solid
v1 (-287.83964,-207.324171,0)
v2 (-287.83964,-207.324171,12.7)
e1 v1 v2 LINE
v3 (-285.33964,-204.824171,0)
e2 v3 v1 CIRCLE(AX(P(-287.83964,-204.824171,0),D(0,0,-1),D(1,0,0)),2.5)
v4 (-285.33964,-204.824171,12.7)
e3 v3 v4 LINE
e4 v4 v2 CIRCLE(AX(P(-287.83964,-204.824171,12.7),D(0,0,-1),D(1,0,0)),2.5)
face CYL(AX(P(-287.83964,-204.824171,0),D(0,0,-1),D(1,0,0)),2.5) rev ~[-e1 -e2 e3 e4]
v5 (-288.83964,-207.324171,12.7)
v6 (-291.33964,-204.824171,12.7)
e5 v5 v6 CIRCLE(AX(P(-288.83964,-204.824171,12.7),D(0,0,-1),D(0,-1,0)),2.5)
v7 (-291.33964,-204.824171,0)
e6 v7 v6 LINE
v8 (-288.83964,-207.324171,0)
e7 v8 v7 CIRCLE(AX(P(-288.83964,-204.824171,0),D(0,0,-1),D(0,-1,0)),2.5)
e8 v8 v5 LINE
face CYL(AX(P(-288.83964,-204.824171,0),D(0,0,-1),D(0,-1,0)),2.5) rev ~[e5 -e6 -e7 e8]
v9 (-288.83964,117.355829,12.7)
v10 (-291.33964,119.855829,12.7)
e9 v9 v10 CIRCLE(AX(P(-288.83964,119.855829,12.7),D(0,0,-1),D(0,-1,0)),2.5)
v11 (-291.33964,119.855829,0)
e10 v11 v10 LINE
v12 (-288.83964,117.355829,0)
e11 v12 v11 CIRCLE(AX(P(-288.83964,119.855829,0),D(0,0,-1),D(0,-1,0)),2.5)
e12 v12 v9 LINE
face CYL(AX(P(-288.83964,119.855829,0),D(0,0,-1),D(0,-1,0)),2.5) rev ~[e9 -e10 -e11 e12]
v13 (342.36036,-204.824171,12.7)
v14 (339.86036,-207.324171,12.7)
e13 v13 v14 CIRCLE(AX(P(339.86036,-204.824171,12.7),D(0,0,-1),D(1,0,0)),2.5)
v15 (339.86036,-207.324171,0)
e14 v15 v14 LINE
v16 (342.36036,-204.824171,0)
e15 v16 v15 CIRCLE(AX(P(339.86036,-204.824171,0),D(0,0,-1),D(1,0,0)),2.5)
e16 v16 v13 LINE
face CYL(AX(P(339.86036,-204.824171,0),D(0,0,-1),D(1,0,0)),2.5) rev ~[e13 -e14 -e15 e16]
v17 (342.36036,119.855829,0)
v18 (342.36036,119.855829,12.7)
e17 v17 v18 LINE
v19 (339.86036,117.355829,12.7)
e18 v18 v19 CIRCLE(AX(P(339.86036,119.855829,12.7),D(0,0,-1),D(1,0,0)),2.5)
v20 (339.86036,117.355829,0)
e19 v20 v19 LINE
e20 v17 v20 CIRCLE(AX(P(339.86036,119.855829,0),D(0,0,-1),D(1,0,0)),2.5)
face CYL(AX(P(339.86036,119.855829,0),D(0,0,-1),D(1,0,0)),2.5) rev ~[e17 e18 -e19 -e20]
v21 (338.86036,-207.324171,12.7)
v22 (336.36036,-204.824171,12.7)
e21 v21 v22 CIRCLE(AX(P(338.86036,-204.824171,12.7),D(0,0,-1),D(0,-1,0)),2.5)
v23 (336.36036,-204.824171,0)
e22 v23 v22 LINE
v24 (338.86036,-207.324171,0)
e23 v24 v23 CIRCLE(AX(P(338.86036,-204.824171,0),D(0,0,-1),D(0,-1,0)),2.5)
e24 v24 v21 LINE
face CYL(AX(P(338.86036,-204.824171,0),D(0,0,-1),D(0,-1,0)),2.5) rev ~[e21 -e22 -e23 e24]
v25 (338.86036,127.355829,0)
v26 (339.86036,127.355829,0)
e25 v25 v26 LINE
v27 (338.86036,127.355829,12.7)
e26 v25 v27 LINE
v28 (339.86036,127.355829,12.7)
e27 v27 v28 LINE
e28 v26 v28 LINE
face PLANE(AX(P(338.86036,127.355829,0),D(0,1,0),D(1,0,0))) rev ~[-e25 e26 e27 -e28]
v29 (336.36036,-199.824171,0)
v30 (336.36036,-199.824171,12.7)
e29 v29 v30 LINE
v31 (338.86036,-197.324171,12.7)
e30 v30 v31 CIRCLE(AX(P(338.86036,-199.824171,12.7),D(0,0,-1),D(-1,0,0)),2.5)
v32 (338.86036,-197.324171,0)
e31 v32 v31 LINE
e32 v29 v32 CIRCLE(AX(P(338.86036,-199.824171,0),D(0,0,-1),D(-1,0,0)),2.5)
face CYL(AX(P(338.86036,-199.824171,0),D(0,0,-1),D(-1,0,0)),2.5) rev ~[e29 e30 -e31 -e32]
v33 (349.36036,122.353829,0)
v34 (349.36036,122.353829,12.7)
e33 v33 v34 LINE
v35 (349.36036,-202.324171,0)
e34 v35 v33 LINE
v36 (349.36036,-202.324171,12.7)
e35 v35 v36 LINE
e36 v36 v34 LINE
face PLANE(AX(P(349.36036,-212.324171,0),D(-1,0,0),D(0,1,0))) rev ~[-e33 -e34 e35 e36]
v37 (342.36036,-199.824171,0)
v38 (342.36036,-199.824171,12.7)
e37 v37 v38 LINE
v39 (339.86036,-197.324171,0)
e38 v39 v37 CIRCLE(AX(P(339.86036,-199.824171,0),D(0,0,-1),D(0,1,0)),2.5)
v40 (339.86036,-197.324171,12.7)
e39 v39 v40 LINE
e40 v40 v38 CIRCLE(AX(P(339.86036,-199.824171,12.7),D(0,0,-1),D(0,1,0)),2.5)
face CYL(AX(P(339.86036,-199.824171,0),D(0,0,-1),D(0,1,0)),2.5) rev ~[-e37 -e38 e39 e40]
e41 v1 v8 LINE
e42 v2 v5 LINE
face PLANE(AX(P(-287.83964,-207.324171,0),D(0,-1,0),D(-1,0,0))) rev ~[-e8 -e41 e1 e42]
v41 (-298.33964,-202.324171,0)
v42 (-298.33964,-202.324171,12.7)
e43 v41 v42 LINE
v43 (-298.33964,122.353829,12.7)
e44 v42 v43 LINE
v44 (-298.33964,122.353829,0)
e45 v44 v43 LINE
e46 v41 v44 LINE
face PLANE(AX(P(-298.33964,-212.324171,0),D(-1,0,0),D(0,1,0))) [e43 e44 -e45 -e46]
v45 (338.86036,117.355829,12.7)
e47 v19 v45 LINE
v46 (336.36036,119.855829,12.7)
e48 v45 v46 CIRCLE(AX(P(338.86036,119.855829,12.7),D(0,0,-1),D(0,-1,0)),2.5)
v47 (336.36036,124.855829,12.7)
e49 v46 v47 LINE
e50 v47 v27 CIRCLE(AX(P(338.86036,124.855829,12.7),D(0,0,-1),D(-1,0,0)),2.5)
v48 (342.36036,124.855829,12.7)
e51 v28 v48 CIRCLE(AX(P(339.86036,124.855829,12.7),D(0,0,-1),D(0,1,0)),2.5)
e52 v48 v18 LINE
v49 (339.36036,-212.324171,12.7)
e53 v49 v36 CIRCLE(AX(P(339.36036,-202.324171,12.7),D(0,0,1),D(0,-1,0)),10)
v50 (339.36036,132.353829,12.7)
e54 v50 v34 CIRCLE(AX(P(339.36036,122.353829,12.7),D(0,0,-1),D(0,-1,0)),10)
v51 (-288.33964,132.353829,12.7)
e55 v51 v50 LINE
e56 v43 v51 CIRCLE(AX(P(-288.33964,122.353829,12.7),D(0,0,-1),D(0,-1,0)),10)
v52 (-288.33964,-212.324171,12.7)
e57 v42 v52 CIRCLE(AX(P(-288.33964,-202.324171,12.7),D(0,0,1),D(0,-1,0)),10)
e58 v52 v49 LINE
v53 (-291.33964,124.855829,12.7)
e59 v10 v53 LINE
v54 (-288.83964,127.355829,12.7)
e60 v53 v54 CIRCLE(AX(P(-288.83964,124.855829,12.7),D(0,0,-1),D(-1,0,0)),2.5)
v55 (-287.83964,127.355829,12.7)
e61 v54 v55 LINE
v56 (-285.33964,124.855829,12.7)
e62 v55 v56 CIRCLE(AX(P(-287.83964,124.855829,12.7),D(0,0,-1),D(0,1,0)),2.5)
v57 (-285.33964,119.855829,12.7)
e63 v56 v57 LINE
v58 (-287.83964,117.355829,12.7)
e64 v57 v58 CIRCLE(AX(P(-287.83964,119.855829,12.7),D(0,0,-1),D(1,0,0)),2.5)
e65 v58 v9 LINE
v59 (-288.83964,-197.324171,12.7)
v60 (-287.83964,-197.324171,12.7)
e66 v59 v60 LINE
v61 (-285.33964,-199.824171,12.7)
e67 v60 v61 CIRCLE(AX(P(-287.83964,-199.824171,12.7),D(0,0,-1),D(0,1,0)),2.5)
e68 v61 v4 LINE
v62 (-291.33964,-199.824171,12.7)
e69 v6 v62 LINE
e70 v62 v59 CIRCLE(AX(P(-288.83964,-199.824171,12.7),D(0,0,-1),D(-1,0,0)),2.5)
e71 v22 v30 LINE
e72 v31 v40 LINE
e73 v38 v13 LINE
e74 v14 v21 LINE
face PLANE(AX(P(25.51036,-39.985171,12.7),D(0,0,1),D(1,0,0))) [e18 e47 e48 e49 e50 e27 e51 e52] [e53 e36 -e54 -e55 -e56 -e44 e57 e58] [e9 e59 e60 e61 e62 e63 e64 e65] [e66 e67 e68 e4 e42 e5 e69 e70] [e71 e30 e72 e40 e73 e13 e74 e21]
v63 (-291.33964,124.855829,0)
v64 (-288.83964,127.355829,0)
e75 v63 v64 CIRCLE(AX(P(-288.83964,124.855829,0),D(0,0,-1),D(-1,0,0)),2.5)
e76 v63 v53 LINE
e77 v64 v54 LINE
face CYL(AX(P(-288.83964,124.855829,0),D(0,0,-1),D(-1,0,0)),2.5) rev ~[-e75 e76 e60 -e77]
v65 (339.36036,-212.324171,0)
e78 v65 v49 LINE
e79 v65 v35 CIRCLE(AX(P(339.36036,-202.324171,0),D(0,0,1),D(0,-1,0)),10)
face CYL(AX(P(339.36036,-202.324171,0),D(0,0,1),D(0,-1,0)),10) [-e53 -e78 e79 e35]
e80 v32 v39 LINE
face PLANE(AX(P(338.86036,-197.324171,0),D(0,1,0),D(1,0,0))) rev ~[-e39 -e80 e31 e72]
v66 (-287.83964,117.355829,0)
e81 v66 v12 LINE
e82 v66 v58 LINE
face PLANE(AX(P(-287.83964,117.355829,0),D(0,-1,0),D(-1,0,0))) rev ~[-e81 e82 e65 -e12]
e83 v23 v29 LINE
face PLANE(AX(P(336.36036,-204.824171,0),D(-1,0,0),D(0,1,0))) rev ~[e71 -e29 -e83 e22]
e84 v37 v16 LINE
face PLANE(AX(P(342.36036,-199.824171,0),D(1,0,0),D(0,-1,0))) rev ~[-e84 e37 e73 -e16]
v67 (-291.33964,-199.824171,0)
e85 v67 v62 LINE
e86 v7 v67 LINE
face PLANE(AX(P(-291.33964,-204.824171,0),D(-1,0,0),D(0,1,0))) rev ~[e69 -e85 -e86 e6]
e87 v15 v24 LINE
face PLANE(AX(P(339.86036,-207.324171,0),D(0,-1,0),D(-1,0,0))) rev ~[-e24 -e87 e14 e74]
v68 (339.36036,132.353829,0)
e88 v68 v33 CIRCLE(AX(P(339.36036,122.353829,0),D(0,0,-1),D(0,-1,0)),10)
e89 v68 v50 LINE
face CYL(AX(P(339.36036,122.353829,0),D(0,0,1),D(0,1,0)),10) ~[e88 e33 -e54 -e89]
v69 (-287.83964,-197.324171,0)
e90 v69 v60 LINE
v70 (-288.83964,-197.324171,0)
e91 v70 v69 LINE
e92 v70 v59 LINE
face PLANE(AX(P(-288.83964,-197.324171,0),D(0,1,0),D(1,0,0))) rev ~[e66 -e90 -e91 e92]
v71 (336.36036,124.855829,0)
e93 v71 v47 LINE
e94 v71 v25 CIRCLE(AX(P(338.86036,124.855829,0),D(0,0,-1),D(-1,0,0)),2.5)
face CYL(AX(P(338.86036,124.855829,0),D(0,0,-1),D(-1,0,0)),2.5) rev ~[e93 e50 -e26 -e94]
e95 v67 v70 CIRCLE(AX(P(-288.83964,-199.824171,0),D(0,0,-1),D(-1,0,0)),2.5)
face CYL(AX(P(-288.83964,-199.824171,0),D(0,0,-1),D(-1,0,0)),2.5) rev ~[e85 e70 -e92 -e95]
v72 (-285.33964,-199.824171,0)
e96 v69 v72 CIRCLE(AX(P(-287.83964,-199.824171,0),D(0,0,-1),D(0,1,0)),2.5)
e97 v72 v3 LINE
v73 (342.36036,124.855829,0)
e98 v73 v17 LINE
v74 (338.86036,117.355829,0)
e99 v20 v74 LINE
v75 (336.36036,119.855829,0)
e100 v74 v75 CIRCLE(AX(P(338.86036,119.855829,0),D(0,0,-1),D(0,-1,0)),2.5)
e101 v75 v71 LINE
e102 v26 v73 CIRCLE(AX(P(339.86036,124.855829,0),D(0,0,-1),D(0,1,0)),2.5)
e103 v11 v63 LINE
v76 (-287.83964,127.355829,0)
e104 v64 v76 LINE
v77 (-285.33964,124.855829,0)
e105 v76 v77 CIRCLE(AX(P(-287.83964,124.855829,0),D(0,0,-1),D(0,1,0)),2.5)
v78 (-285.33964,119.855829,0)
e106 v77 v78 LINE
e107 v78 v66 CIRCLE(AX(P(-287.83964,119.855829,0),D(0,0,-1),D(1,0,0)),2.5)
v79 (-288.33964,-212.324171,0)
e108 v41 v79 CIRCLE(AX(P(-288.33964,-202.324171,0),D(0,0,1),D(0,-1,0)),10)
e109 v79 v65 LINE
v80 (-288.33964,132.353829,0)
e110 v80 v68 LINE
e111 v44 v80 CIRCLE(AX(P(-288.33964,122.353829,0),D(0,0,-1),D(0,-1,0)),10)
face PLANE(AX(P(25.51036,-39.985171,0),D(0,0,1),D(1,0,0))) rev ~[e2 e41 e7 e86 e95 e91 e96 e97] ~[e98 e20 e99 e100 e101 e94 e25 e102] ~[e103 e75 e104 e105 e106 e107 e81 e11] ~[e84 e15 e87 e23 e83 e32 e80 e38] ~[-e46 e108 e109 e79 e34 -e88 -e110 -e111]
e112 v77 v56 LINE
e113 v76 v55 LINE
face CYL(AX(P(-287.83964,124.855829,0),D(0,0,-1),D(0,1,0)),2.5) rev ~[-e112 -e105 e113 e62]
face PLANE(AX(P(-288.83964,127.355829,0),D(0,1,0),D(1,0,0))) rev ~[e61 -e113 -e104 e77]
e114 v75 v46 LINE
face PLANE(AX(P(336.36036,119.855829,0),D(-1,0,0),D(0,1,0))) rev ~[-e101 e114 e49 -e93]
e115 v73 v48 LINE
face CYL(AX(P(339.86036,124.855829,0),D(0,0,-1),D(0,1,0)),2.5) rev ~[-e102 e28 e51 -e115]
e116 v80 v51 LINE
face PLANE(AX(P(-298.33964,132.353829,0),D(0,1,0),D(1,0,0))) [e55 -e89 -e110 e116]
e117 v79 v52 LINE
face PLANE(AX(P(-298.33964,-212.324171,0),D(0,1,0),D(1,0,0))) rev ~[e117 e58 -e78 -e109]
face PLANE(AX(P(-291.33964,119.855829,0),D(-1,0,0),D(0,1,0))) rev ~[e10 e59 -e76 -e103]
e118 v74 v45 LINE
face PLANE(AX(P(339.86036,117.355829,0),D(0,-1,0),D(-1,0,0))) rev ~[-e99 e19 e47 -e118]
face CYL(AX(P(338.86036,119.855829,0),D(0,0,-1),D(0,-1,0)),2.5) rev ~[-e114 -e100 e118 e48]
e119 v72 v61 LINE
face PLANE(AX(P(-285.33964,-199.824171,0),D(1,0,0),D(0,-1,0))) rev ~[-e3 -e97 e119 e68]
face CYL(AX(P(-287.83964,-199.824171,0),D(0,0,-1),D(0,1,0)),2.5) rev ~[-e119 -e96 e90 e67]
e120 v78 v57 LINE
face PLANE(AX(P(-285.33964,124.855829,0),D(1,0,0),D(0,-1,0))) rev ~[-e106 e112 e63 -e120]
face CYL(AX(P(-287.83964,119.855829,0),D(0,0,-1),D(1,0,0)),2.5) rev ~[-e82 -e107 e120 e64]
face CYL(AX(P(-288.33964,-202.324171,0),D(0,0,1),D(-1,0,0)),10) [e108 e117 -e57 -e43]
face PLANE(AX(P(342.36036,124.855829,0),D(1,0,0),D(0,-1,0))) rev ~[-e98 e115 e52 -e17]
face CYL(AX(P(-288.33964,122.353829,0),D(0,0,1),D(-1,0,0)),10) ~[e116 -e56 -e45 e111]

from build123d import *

# Parameters (mm, degrees)
SKETCH1_W           = 647.7
SKETCH1_H           = 344.678
BOSS_EXTRUDE1_DEPTH = 12.7
FILLET1_R           = 10
FILLET2_R           = 10


with BuildPart() as part:
    # Sketch1 → Boss-Extrude1 (new body)
    with BuildSketch(Plane.XY):
        with Locations((25.51036036, -39.985171171)):
            Rectangle(SKETCH1_W, SKETCH1_H)
        with BuildLine():
            Line((339.86036036, -207.324171171), (338.86036036, -207.324171171))
            ThreePointArc((338.86036036, -207.324171171), (337.092593407, -206.591938124), (336.36036036, -204.824171171))
            Line((336.36036036, -204.824171171), (336.36036036, -199.824171171))
            ThreePointArc((336.36036036, -199.824171171), (337.092593407, -198.056404218), (338.86036036, -197.324171171))
            Line((338.86036036, -197.324171171), (339.86036036, -197.324171171))
            ThreePointArc((339.86036036, -197.324171171), (341.628127313, -198.056404218), (342.36036036, -199.824171171))
            Line((342.36036036, -199.824171171), (342.36036036, -204.824171171))
            ThreePointArc((342.36036036, -204.824171171), (341.628127313, -206.591938124), (339.86036036, -207.324171171))
        make_face(mode=Mode.SUBTRACT)
        with BuildLine():
            Line((-287.83963964, -207.324171171), (-288.83963964, -207.324171171))
            ThreePointArc((-288.83963964, -207.324171171), (-290.607406593, -206.591938124), (-291.33963964, -204.824171171))
            Line((-291.33963964, -204.824171171), (-291.33963964, -199.824171171))
            ThreePointArc((-291.33963964, -199.824171171), (-290.607406593, -198.056404218), (-288.83963964, -197.324171171))
            Line((-288.83963964, -197.324171171), (-287.83963964, -197.324171171))
            ThreePointArc((-287.83963964, -197.324171171), (-286.071872687, -198.056404218), (-285.33963964, -199.824171171))
            Line((-285.33963964, -199.824171171), (-285.33963964, -204.824171171))
            ThreePointArc((-285.33963964, -204.824171171), (-286.071872687, -206.591938124), (-287.83963964, -207.324171171))
        make_face(mode=Mode.SUBTRACT)
        with BuildLine():
            Line((-287.83963964, 117.355828829), (-288.83963964, 117.355828829))
            ThreePointArc((-288.83963964, 117.355828829), (-290.607406593, 118.088061876), (-291.33963964, 119.855828829))
            Line((-291.33963964, 119.855828829), (-291.33963964, 124.855828829))
            ThreePointArc((-291.33963964, 124.855828829), (-290.607406593, 126.623595782), (-288.83963964, 127.355828829))
            Line((-288.83963964, 127.355828829), (-287.83963964, 127.355828829))
            ThreePointArc((-287.83963964, 127.355828829), (-286.071872687, 126.623595782), (-285.33963964, 124.855828829))
            Line((-285.33963964, 124.855828829), (-285.33963964, 119.855828829))
            ThreePointArc((-285.33963964, 119.855828829), (-286.071872687, 118.088061876), (-287.83963964, 117.355828829))
        make_face(mode=Mode.SUBTRACT)
        with BuildLine():
            Line((339.86036036, 117.355828829), (338.86036036, 117.355828829))
            ThreePointArc((338.86036036, 117.355828829), (337.092593407, 118.088061876), (336.36036036, 119.855828829))
            Line((336.36036036, 119.855828829), (336.36036036, 124.855828829))
            ThreePointArc((336.36036036, 124.855828829), (337.092593407, 126.623595782), (338.86036036, 127.355828829))
            Line((338.86036036, 127.355828829), (339.86036036, 127.355828829))
            ThreePointArc((339.86036036, 127.355828829), (341.628127313, 126.623595782), (342.36036036, 124.855828829))
            Line((342.36036036, 124.855828829), (342.36036036, 119.855828829))
            ThreePointArc((342.36036036, 119.855828829), (341.628127313, 118.088061876), (339.86036036, 117.355828829))
        make_face(mode=Mode.SUBTRACT)
    extrude(amount=BOSS_EXTRUDE1_DEPTH)

    # Fillet1
    fillet1_edges = [part.edges().sort_by_distance(p)[0] for p in [
        (-298.33963964, 132.353828829, 6.35),
        (349.36036036, 132.353828829, 6.35),
        (349.36036036, -212.324171171, 6.35),
    ]]
    fillet(fillet1_edges, radius=FILLET1_R)

    # Fillet2
    fillet2_edges = [part.edges().sort_by_distance(p)[0] for p in [
        (-298.33963964, -212.324171171, 6.35),
    ]]
    fillet(fillet2_edges, radius=FILLET2_R)


solid = part.part
